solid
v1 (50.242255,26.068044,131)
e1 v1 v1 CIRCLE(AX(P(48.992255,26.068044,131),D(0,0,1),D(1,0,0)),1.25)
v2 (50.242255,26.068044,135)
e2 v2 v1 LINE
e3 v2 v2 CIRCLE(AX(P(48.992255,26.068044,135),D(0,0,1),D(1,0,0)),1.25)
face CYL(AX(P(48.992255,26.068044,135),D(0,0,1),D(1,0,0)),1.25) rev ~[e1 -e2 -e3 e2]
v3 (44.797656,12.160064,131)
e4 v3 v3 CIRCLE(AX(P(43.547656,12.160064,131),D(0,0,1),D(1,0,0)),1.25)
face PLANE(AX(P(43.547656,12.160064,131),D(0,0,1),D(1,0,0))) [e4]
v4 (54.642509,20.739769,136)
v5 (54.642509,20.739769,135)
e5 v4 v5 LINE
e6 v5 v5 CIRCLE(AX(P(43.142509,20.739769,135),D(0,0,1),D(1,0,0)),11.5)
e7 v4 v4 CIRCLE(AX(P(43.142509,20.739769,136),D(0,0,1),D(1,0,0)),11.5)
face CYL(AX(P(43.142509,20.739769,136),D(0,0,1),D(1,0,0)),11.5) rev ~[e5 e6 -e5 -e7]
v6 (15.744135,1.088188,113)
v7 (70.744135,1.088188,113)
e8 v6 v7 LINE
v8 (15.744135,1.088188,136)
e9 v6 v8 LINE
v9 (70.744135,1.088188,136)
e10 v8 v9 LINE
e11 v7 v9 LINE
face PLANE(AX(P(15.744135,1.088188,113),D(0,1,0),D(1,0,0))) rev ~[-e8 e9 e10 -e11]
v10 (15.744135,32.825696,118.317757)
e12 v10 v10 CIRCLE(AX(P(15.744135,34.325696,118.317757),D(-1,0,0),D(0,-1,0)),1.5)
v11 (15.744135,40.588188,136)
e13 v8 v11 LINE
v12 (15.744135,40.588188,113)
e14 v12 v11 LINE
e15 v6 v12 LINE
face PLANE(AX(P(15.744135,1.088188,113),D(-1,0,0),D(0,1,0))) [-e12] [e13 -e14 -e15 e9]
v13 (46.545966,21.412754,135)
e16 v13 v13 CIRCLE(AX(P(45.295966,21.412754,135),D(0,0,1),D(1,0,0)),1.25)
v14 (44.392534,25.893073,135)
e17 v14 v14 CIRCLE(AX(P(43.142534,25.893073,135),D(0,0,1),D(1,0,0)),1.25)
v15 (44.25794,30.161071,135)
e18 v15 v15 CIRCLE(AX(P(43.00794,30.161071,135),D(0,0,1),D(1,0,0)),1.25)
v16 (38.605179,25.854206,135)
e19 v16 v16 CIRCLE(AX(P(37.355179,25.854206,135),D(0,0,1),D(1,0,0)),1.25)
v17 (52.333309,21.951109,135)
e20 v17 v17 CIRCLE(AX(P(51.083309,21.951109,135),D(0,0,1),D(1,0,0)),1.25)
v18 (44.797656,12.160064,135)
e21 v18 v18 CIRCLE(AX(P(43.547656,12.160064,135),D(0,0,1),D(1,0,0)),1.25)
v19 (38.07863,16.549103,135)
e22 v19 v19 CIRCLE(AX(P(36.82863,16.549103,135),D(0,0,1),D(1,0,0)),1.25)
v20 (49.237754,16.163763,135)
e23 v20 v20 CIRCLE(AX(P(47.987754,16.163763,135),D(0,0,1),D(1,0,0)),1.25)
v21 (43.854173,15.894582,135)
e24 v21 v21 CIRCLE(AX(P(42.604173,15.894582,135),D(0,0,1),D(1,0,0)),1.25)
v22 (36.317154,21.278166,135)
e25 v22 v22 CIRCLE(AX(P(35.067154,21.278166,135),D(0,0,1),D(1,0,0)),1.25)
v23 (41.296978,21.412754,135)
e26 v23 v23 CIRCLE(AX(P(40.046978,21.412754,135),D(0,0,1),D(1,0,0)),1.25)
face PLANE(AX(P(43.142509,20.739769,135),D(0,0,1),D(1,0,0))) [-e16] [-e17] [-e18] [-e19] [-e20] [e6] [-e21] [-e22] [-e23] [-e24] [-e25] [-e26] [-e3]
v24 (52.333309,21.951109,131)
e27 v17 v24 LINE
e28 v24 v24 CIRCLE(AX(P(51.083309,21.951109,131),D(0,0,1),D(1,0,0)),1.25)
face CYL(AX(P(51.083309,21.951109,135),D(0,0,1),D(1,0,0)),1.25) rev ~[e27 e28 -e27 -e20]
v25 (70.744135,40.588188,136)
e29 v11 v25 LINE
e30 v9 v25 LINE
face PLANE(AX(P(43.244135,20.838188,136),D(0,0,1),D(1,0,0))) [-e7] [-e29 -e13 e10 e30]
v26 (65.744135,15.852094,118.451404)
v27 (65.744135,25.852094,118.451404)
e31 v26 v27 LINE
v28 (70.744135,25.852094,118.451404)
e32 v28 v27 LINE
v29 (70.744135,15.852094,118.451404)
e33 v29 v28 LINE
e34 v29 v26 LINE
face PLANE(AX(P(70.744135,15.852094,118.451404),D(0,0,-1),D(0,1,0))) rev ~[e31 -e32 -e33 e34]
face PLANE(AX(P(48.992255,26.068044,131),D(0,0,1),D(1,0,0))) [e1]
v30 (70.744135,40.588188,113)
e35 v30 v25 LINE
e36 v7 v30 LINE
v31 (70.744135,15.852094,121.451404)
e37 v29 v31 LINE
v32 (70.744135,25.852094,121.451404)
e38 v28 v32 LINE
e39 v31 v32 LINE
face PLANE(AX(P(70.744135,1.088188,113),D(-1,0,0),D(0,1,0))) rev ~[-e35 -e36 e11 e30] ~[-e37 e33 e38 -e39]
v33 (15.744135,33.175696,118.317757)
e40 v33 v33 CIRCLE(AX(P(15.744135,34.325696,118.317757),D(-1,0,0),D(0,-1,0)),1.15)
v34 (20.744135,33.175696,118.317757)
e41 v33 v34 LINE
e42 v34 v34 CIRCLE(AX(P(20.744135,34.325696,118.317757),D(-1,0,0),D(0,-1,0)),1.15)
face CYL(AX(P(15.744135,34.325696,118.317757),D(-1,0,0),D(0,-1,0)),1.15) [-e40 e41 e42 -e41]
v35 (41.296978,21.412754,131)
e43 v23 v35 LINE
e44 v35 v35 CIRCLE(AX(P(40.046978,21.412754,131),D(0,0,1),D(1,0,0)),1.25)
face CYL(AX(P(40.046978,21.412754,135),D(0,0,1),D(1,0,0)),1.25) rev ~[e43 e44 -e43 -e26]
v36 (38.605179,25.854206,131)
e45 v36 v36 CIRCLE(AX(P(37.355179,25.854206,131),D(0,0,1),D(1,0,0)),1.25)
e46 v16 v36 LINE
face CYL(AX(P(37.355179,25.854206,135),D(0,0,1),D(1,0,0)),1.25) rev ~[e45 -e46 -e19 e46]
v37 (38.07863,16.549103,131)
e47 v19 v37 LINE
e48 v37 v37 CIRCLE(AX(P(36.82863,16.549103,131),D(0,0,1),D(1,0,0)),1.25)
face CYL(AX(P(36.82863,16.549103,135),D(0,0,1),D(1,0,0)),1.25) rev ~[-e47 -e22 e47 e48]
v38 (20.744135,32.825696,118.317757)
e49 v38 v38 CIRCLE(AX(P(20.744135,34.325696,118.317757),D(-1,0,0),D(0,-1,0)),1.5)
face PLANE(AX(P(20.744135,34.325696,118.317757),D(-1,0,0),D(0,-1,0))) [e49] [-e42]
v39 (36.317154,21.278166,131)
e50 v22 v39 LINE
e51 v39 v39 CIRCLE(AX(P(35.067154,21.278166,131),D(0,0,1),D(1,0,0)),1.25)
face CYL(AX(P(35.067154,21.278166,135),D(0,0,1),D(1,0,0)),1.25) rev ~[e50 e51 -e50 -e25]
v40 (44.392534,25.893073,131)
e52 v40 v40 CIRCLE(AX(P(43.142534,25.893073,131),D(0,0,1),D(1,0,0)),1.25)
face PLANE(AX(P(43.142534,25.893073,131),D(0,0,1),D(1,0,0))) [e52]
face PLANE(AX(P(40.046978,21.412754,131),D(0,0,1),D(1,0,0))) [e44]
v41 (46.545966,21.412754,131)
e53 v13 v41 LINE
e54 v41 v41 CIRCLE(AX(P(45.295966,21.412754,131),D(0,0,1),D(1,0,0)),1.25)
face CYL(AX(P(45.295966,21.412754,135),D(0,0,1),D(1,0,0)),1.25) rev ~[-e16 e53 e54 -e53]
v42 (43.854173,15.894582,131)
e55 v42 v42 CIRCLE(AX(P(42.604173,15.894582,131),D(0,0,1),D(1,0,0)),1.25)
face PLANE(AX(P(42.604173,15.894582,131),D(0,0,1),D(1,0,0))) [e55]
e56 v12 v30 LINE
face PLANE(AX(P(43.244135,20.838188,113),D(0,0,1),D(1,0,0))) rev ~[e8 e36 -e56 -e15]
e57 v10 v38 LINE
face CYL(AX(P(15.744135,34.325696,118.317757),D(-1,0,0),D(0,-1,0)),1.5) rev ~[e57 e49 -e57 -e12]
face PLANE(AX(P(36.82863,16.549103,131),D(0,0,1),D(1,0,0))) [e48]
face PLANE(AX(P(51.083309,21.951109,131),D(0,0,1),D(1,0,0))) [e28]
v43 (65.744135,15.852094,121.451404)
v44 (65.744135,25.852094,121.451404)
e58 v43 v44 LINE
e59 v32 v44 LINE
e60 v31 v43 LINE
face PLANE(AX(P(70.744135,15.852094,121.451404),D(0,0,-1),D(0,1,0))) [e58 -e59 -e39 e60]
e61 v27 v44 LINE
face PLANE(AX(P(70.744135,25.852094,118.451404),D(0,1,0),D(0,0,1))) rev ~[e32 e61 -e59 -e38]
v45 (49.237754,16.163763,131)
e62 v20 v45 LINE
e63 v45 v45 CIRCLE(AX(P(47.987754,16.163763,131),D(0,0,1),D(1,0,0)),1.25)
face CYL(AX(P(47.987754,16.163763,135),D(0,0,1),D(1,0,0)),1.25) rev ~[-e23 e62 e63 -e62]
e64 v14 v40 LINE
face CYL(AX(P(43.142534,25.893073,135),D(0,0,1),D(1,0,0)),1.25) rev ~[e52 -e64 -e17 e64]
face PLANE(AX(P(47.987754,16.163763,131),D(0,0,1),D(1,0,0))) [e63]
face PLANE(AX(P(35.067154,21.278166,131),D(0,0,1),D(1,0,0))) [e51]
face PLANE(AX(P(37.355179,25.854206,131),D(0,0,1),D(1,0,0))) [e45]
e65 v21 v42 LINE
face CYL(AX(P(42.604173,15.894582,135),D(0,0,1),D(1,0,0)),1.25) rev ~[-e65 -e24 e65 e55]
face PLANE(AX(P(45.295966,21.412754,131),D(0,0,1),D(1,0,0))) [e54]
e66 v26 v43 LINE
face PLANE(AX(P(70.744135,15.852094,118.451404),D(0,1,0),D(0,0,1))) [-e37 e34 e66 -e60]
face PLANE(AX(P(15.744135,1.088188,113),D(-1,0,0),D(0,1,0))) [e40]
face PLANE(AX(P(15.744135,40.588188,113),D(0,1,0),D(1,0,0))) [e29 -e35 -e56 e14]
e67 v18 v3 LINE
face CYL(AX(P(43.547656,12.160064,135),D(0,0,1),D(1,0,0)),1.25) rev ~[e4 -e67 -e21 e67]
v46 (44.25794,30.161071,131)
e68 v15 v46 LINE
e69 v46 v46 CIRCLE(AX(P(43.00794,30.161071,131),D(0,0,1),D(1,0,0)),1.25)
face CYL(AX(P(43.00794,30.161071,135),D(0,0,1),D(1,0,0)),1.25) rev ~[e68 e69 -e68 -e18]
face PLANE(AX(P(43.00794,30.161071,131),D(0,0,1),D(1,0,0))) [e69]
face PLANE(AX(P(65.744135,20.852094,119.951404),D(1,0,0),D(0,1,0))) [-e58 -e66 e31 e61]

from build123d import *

# Parameters (mm, degrees)
SKETCH057_W     = 55
SKETCH057_H     = 39.5
PAD028_DEPTH    = 23
SKETCH058_W     = 10
SKETCH058_H     = 3
POCKET011_DEPTH = 5
SKETCH059_R     = 11.5
POCKET012_DEPTH = 1
SKETCH060_R     = 1.25
POCKET013_DEPTH = 4
SKETCH061_R     = 1.5
SKETCH061_R_2   = 1.15
POCKET014_DEPTH = 5


with BuildPart() as part:
    # Sketch057 → Pad028 (new body)
    with BuildSketch(Plane.XY):
        with Locations((8.244135, 0.838188)):
            Rectangle(SKETCH057_W, SKETCH057_H)
    extrude(amount=PAD028_DEPTH)

    # Sketch058 (on Face3 of Pad028) → Pocket011 (cut)
    with BuildSketch(Plane.YZ.offset(35.744135)):
        with Locations((0.852094, 6.951404)):
            Rectangle(SKETCH058_W, SKETCH058_H)
    extrude(amount=-POCKET011_DEPTH, mode=Mode.SUBTRACT)

    # Sketch059 (on Face5 of Pocket011) → Pocket012 (cut)
    with BuildSketch(Plane.XY.offset(23)):
        with Locations((8.142509, 0.739769)):
            Circle(SKETCH059_R)
    extrude(amount=-POCKET012_DEPTH, mode=Mode.SUBTRACT)

    # Sketch060 (on Face12 of Pocket012) → Pocket013 (cut)
    with BuildSketch(Plane.XY.offset(22)):
        with Locations((2.355179, 5.854206)):
            Circle(SKETCH060_R)
        with Locations((8.142534, 5.893073)):
            Circle(SKETCH060_R)
        with Locations((13.992255, 6.068044)):
            Circle(SKETCH060_R)
        with Locations((0.067154, 1.278166)):
            Circle(SKETCH060_R)
        with Locations((5.046978, 1.412754)):
            Circle(SKETCH060_R)
        with Locations((10.295966, 1.412754)):
            Circle(SKETCH060_R)
        with Locations((1.82863, -3.450897)):
            Circle(SKETCH060_R)
        with Locations((7.604173, -4.105418)):
            Circle(SKETCH060_R)
        with Locations((12.987754, -3.836237)):
            Circle(SKETCH060_R)
        with Locations((8.547656, -7.839936)):
            Circle(SKETCH060_R)
        with Locations((8.00794, 10.161071)):
            Circle(SKETCH060_R)
        with Locations((16.083309, 1.951109)):
            Circle(SKETCH060_R)
    extrude(amount=-POCKET013_DEPTH, mode=Mode.SUBTRACT)

    # Sketch061 (on Face1 of Pocket013) → Pocket014 (cut)
    with BuildSketch(Plane(origin=(-19.255865, 0, 0), x_dir=(0, -1, 0), z_dir=(-1, 0, 0))):
        with Locations((-14.325696, 5.317757)):
            Circle(SKETCH061_R)
        with Locations((-14.325696, 5.317757)):
            Circle(SKETCH061_R_2, mode=Mode.SUBTRACT)
    extrude(amount=-POCKET014_DEPTH, mode=Mode.SUBTRACT)


with BuildPart() as part_1:
    # Body009 placement: moved
    add(part.part.moved(Location((35, 20, 113))))


solid = part_1.part
